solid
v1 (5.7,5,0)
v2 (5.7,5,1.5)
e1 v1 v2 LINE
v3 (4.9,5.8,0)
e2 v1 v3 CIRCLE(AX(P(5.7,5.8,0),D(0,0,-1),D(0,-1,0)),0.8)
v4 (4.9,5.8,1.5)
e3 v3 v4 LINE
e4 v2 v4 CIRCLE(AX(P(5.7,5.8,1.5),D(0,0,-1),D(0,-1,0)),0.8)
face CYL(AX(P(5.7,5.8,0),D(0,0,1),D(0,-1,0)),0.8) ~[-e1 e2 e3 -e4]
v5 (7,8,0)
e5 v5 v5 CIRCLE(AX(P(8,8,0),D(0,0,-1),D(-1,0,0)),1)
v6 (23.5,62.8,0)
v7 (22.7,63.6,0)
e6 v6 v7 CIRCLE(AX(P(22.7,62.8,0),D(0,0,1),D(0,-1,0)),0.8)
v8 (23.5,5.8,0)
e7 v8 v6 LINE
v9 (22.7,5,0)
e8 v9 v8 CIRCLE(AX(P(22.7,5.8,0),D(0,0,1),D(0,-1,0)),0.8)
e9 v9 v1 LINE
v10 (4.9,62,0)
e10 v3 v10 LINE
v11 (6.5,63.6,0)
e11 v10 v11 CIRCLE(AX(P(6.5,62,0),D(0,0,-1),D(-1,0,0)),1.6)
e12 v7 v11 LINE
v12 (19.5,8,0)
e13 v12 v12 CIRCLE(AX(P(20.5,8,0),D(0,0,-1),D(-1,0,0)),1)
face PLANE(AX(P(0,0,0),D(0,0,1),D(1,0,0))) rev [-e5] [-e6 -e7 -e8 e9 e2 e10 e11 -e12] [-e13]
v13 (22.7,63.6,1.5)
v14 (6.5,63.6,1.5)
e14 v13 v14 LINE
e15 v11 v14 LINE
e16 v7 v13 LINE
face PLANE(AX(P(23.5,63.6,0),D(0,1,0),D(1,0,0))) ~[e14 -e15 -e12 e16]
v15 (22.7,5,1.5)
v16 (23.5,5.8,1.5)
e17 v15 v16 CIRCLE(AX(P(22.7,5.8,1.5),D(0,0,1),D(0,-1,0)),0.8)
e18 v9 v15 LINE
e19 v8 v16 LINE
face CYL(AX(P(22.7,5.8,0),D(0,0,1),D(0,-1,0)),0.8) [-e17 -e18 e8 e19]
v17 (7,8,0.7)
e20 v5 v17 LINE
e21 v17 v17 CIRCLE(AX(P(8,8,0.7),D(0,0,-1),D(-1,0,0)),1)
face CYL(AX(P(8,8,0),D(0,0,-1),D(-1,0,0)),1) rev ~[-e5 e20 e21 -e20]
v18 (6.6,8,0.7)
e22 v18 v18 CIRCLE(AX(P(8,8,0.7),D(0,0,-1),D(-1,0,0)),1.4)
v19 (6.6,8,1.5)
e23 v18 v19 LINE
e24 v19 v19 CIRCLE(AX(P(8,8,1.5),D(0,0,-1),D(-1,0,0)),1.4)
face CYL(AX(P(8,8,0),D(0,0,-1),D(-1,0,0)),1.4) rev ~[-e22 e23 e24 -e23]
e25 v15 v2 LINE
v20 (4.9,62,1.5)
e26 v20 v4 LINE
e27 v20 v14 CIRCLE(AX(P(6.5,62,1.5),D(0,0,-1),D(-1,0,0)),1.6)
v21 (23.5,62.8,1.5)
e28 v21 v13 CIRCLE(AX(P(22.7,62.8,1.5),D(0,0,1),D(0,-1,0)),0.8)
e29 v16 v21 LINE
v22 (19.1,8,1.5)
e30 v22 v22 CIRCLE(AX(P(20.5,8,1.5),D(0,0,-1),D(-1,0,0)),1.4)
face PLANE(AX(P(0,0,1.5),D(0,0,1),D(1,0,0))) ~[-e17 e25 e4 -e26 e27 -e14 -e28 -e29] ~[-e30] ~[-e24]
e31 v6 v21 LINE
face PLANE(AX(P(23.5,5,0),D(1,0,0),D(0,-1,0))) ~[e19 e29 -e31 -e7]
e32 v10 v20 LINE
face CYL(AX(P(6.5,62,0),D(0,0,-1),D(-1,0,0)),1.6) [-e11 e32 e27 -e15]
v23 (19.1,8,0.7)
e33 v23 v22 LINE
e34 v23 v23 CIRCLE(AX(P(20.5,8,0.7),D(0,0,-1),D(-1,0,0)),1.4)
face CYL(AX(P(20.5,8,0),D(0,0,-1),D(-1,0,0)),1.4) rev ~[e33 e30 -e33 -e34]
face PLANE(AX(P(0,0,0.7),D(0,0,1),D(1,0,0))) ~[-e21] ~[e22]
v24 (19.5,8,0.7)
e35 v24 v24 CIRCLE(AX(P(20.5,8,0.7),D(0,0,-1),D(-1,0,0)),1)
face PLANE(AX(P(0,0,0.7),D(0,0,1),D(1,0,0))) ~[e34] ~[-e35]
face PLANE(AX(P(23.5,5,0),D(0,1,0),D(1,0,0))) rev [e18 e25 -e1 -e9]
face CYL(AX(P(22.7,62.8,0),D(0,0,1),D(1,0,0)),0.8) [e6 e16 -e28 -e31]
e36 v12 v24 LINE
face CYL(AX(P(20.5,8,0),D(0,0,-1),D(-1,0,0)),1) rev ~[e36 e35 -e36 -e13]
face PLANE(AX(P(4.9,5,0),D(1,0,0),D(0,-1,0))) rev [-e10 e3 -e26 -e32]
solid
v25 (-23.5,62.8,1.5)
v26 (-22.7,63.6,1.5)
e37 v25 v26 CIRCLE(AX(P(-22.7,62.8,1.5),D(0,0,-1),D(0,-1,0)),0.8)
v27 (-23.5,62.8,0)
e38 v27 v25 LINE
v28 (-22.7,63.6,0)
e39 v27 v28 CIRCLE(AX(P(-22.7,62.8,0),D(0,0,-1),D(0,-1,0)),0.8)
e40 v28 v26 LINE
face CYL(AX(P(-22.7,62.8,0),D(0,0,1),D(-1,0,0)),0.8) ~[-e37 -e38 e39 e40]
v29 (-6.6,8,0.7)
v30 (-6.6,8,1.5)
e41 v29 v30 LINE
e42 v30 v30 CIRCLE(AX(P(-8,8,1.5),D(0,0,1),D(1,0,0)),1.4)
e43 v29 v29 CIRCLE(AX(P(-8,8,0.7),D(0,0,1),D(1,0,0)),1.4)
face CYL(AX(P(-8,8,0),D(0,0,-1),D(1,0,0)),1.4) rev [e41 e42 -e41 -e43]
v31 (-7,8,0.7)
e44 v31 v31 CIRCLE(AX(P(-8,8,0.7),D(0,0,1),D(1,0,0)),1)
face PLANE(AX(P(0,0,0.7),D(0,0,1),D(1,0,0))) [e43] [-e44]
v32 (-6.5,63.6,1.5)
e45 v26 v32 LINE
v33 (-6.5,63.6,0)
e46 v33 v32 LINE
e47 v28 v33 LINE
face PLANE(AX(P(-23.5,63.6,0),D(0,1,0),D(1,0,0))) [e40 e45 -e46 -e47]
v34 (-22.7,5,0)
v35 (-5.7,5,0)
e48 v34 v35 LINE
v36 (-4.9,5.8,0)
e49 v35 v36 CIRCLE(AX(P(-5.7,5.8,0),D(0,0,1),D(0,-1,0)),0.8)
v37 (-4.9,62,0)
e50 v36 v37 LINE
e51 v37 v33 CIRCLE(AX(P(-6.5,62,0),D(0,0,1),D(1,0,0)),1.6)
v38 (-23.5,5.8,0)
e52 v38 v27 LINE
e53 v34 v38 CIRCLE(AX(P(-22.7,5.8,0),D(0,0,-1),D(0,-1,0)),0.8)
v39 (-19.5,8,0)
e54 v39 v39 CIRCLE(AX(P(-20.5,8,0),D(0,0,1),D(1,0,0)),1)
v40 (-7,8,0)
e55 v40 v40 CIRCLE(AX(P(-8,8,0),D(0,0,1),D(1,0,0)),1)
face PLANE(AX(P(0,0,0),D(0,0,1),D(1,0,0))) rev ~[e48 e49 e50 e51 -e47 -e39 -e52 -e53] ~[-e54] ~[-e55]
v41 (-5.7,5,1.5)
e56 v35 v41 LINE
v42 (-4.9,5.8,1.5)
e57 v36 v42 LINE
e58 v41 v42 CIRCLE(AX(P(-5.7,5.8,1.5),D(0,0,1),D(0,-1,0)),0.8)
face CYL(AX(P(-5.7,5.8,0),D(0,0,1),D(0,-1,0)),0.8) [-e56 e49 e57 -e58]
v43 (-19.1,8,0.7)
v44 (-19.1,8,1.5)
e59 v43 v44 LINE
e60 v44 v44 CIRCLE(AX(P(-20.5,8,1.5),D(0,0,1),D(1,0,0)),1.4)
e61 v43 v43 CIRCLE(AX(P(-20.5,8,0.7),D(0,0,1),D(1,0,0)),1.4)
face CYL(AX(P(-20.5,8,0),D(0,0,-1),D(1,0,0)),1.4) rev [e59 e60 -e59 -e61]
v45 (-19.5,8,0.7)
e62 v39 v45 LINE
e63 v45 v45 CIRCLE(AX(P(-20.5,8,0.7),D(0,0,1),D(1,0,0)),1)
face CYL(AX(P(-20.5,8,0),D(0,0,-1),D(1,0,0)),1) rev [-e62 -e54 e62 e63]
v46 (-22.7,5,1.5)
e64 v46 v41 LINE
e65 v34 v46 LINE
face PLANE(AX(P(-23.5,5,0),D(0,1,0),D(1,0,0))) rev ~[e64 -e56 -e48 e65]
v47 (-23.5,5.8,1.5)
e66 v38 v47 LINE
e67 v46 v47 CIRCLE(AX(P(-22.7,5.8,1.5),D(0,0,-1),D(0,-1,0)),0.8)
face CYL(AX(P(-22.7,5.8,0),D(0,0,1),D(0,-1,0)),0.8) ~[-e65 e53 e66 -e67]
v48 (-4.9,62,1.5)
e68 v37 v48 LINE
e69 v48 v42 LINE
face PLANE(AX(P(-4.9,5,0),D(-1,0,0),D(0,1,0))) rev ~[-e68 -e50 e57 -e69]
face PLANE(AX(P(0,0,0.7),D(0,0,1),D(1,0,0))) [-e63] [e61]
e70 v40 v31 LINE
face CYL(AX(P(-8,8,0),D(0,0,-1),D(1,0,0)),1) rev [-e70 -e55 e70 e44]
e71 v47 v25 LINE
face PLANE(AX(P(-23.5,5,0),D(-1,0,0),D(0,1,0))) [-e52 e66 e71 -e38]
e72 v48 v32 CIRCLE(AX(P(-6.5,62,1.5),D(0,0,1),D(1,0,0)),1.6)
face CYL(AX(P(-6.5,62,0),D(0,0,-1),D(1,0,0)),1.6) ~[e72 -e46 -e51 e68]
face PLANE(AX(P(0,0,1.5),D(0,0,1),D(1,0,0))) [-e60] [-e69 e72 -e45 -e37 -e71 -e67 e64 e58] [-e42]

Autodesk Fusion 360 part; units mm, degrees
sketch "mriya-mcu-cover" plane through (0, 0, 0) normal (0, 0, 1) x (1, 0, 0)
  line L0 (-22.7, 5) -> (-5.8, 5) construction
  line L1 (-5, 5.8) -> (-5, 62) construction
  arc A0 (-5.8, 5) -> (-5, 5.8) centre (-5.8, 5.8) ccw construction
  arc A1 (-23.5, 5.8) -> (-22.7, 5) centre (-22.7, 5.8) ccw construction
  line L2 (-4.9, 5) -> (-4.9, 62)
  line L3 (-23.5, 5.8) -> (-23.5, 62.7) construction
  line L4 (-23.5, 63.6) -> (-6.5, 63.6)
  arc A2 (-10, 62.8) -> (-9.3, 63.5) centre (-10, 63.5) ccw construction
  arc A3 (-19.3, 63.5) -> (-18.6, 62.8) centre (-18.6, 63.5) ccw construction
  line L5 (-18.6, 62.8) -> (-10, 62.8) construction
  arc A4 (-22.7, 63.5) -> (-23.5, 62.7) centre (-22.7, 62.7) ccw construction
  line L6 (-22.7, 63.5) -> (-6.5, 63.5) construction
  line L7 (-23.5, 5) -> (-4.9, 5)
  circle A5 centre (-8, 8) radius 1.4
  circle A6 centre (-20.5, 8) radius 1.4
  line L8 (-23.5, 5) -> (-23.5, 63.6)
  arc A7 (-5, 62) -> (-6.5, 63.5) centre (-6.5, 62) ccw construction
  arc A8 (-4.9, 62) -> (-6.5, 63.6) centre (-6.5, 62) ccw
  circle A9 centre (-20.5, 8) radius 1
  circle A10 centre (-8, 8) radius 1
  line L9 (-5, 23.7) -> (-4.9, 23.7)
  dimension "d601" = 2.8
  dimension "d602" = 2.8
  dimension "d609" = 2
  dimension "d610" = 2
extrude "Extrude81" add sketch "mriya-mcu-cover" along normal blind 1.5 contours L2 L4 L7 L8 A8 makes body 1
extrude "Extrude82" add sketch "mriya-mcu-cover" along normal blind 0.7 contours A5 | A6 bodies 1
fillet "Fillet60" radius 0.8 3 edges at (-23.5, 5, 0.75) (-23.5, 63.6, 0.75) (-4.9, 5, 0.75) on bodies 1
mirror "Mirror11" about plane through (0, 0, 0) normal (1, 0, 0) of bodies 1 makes body 2
